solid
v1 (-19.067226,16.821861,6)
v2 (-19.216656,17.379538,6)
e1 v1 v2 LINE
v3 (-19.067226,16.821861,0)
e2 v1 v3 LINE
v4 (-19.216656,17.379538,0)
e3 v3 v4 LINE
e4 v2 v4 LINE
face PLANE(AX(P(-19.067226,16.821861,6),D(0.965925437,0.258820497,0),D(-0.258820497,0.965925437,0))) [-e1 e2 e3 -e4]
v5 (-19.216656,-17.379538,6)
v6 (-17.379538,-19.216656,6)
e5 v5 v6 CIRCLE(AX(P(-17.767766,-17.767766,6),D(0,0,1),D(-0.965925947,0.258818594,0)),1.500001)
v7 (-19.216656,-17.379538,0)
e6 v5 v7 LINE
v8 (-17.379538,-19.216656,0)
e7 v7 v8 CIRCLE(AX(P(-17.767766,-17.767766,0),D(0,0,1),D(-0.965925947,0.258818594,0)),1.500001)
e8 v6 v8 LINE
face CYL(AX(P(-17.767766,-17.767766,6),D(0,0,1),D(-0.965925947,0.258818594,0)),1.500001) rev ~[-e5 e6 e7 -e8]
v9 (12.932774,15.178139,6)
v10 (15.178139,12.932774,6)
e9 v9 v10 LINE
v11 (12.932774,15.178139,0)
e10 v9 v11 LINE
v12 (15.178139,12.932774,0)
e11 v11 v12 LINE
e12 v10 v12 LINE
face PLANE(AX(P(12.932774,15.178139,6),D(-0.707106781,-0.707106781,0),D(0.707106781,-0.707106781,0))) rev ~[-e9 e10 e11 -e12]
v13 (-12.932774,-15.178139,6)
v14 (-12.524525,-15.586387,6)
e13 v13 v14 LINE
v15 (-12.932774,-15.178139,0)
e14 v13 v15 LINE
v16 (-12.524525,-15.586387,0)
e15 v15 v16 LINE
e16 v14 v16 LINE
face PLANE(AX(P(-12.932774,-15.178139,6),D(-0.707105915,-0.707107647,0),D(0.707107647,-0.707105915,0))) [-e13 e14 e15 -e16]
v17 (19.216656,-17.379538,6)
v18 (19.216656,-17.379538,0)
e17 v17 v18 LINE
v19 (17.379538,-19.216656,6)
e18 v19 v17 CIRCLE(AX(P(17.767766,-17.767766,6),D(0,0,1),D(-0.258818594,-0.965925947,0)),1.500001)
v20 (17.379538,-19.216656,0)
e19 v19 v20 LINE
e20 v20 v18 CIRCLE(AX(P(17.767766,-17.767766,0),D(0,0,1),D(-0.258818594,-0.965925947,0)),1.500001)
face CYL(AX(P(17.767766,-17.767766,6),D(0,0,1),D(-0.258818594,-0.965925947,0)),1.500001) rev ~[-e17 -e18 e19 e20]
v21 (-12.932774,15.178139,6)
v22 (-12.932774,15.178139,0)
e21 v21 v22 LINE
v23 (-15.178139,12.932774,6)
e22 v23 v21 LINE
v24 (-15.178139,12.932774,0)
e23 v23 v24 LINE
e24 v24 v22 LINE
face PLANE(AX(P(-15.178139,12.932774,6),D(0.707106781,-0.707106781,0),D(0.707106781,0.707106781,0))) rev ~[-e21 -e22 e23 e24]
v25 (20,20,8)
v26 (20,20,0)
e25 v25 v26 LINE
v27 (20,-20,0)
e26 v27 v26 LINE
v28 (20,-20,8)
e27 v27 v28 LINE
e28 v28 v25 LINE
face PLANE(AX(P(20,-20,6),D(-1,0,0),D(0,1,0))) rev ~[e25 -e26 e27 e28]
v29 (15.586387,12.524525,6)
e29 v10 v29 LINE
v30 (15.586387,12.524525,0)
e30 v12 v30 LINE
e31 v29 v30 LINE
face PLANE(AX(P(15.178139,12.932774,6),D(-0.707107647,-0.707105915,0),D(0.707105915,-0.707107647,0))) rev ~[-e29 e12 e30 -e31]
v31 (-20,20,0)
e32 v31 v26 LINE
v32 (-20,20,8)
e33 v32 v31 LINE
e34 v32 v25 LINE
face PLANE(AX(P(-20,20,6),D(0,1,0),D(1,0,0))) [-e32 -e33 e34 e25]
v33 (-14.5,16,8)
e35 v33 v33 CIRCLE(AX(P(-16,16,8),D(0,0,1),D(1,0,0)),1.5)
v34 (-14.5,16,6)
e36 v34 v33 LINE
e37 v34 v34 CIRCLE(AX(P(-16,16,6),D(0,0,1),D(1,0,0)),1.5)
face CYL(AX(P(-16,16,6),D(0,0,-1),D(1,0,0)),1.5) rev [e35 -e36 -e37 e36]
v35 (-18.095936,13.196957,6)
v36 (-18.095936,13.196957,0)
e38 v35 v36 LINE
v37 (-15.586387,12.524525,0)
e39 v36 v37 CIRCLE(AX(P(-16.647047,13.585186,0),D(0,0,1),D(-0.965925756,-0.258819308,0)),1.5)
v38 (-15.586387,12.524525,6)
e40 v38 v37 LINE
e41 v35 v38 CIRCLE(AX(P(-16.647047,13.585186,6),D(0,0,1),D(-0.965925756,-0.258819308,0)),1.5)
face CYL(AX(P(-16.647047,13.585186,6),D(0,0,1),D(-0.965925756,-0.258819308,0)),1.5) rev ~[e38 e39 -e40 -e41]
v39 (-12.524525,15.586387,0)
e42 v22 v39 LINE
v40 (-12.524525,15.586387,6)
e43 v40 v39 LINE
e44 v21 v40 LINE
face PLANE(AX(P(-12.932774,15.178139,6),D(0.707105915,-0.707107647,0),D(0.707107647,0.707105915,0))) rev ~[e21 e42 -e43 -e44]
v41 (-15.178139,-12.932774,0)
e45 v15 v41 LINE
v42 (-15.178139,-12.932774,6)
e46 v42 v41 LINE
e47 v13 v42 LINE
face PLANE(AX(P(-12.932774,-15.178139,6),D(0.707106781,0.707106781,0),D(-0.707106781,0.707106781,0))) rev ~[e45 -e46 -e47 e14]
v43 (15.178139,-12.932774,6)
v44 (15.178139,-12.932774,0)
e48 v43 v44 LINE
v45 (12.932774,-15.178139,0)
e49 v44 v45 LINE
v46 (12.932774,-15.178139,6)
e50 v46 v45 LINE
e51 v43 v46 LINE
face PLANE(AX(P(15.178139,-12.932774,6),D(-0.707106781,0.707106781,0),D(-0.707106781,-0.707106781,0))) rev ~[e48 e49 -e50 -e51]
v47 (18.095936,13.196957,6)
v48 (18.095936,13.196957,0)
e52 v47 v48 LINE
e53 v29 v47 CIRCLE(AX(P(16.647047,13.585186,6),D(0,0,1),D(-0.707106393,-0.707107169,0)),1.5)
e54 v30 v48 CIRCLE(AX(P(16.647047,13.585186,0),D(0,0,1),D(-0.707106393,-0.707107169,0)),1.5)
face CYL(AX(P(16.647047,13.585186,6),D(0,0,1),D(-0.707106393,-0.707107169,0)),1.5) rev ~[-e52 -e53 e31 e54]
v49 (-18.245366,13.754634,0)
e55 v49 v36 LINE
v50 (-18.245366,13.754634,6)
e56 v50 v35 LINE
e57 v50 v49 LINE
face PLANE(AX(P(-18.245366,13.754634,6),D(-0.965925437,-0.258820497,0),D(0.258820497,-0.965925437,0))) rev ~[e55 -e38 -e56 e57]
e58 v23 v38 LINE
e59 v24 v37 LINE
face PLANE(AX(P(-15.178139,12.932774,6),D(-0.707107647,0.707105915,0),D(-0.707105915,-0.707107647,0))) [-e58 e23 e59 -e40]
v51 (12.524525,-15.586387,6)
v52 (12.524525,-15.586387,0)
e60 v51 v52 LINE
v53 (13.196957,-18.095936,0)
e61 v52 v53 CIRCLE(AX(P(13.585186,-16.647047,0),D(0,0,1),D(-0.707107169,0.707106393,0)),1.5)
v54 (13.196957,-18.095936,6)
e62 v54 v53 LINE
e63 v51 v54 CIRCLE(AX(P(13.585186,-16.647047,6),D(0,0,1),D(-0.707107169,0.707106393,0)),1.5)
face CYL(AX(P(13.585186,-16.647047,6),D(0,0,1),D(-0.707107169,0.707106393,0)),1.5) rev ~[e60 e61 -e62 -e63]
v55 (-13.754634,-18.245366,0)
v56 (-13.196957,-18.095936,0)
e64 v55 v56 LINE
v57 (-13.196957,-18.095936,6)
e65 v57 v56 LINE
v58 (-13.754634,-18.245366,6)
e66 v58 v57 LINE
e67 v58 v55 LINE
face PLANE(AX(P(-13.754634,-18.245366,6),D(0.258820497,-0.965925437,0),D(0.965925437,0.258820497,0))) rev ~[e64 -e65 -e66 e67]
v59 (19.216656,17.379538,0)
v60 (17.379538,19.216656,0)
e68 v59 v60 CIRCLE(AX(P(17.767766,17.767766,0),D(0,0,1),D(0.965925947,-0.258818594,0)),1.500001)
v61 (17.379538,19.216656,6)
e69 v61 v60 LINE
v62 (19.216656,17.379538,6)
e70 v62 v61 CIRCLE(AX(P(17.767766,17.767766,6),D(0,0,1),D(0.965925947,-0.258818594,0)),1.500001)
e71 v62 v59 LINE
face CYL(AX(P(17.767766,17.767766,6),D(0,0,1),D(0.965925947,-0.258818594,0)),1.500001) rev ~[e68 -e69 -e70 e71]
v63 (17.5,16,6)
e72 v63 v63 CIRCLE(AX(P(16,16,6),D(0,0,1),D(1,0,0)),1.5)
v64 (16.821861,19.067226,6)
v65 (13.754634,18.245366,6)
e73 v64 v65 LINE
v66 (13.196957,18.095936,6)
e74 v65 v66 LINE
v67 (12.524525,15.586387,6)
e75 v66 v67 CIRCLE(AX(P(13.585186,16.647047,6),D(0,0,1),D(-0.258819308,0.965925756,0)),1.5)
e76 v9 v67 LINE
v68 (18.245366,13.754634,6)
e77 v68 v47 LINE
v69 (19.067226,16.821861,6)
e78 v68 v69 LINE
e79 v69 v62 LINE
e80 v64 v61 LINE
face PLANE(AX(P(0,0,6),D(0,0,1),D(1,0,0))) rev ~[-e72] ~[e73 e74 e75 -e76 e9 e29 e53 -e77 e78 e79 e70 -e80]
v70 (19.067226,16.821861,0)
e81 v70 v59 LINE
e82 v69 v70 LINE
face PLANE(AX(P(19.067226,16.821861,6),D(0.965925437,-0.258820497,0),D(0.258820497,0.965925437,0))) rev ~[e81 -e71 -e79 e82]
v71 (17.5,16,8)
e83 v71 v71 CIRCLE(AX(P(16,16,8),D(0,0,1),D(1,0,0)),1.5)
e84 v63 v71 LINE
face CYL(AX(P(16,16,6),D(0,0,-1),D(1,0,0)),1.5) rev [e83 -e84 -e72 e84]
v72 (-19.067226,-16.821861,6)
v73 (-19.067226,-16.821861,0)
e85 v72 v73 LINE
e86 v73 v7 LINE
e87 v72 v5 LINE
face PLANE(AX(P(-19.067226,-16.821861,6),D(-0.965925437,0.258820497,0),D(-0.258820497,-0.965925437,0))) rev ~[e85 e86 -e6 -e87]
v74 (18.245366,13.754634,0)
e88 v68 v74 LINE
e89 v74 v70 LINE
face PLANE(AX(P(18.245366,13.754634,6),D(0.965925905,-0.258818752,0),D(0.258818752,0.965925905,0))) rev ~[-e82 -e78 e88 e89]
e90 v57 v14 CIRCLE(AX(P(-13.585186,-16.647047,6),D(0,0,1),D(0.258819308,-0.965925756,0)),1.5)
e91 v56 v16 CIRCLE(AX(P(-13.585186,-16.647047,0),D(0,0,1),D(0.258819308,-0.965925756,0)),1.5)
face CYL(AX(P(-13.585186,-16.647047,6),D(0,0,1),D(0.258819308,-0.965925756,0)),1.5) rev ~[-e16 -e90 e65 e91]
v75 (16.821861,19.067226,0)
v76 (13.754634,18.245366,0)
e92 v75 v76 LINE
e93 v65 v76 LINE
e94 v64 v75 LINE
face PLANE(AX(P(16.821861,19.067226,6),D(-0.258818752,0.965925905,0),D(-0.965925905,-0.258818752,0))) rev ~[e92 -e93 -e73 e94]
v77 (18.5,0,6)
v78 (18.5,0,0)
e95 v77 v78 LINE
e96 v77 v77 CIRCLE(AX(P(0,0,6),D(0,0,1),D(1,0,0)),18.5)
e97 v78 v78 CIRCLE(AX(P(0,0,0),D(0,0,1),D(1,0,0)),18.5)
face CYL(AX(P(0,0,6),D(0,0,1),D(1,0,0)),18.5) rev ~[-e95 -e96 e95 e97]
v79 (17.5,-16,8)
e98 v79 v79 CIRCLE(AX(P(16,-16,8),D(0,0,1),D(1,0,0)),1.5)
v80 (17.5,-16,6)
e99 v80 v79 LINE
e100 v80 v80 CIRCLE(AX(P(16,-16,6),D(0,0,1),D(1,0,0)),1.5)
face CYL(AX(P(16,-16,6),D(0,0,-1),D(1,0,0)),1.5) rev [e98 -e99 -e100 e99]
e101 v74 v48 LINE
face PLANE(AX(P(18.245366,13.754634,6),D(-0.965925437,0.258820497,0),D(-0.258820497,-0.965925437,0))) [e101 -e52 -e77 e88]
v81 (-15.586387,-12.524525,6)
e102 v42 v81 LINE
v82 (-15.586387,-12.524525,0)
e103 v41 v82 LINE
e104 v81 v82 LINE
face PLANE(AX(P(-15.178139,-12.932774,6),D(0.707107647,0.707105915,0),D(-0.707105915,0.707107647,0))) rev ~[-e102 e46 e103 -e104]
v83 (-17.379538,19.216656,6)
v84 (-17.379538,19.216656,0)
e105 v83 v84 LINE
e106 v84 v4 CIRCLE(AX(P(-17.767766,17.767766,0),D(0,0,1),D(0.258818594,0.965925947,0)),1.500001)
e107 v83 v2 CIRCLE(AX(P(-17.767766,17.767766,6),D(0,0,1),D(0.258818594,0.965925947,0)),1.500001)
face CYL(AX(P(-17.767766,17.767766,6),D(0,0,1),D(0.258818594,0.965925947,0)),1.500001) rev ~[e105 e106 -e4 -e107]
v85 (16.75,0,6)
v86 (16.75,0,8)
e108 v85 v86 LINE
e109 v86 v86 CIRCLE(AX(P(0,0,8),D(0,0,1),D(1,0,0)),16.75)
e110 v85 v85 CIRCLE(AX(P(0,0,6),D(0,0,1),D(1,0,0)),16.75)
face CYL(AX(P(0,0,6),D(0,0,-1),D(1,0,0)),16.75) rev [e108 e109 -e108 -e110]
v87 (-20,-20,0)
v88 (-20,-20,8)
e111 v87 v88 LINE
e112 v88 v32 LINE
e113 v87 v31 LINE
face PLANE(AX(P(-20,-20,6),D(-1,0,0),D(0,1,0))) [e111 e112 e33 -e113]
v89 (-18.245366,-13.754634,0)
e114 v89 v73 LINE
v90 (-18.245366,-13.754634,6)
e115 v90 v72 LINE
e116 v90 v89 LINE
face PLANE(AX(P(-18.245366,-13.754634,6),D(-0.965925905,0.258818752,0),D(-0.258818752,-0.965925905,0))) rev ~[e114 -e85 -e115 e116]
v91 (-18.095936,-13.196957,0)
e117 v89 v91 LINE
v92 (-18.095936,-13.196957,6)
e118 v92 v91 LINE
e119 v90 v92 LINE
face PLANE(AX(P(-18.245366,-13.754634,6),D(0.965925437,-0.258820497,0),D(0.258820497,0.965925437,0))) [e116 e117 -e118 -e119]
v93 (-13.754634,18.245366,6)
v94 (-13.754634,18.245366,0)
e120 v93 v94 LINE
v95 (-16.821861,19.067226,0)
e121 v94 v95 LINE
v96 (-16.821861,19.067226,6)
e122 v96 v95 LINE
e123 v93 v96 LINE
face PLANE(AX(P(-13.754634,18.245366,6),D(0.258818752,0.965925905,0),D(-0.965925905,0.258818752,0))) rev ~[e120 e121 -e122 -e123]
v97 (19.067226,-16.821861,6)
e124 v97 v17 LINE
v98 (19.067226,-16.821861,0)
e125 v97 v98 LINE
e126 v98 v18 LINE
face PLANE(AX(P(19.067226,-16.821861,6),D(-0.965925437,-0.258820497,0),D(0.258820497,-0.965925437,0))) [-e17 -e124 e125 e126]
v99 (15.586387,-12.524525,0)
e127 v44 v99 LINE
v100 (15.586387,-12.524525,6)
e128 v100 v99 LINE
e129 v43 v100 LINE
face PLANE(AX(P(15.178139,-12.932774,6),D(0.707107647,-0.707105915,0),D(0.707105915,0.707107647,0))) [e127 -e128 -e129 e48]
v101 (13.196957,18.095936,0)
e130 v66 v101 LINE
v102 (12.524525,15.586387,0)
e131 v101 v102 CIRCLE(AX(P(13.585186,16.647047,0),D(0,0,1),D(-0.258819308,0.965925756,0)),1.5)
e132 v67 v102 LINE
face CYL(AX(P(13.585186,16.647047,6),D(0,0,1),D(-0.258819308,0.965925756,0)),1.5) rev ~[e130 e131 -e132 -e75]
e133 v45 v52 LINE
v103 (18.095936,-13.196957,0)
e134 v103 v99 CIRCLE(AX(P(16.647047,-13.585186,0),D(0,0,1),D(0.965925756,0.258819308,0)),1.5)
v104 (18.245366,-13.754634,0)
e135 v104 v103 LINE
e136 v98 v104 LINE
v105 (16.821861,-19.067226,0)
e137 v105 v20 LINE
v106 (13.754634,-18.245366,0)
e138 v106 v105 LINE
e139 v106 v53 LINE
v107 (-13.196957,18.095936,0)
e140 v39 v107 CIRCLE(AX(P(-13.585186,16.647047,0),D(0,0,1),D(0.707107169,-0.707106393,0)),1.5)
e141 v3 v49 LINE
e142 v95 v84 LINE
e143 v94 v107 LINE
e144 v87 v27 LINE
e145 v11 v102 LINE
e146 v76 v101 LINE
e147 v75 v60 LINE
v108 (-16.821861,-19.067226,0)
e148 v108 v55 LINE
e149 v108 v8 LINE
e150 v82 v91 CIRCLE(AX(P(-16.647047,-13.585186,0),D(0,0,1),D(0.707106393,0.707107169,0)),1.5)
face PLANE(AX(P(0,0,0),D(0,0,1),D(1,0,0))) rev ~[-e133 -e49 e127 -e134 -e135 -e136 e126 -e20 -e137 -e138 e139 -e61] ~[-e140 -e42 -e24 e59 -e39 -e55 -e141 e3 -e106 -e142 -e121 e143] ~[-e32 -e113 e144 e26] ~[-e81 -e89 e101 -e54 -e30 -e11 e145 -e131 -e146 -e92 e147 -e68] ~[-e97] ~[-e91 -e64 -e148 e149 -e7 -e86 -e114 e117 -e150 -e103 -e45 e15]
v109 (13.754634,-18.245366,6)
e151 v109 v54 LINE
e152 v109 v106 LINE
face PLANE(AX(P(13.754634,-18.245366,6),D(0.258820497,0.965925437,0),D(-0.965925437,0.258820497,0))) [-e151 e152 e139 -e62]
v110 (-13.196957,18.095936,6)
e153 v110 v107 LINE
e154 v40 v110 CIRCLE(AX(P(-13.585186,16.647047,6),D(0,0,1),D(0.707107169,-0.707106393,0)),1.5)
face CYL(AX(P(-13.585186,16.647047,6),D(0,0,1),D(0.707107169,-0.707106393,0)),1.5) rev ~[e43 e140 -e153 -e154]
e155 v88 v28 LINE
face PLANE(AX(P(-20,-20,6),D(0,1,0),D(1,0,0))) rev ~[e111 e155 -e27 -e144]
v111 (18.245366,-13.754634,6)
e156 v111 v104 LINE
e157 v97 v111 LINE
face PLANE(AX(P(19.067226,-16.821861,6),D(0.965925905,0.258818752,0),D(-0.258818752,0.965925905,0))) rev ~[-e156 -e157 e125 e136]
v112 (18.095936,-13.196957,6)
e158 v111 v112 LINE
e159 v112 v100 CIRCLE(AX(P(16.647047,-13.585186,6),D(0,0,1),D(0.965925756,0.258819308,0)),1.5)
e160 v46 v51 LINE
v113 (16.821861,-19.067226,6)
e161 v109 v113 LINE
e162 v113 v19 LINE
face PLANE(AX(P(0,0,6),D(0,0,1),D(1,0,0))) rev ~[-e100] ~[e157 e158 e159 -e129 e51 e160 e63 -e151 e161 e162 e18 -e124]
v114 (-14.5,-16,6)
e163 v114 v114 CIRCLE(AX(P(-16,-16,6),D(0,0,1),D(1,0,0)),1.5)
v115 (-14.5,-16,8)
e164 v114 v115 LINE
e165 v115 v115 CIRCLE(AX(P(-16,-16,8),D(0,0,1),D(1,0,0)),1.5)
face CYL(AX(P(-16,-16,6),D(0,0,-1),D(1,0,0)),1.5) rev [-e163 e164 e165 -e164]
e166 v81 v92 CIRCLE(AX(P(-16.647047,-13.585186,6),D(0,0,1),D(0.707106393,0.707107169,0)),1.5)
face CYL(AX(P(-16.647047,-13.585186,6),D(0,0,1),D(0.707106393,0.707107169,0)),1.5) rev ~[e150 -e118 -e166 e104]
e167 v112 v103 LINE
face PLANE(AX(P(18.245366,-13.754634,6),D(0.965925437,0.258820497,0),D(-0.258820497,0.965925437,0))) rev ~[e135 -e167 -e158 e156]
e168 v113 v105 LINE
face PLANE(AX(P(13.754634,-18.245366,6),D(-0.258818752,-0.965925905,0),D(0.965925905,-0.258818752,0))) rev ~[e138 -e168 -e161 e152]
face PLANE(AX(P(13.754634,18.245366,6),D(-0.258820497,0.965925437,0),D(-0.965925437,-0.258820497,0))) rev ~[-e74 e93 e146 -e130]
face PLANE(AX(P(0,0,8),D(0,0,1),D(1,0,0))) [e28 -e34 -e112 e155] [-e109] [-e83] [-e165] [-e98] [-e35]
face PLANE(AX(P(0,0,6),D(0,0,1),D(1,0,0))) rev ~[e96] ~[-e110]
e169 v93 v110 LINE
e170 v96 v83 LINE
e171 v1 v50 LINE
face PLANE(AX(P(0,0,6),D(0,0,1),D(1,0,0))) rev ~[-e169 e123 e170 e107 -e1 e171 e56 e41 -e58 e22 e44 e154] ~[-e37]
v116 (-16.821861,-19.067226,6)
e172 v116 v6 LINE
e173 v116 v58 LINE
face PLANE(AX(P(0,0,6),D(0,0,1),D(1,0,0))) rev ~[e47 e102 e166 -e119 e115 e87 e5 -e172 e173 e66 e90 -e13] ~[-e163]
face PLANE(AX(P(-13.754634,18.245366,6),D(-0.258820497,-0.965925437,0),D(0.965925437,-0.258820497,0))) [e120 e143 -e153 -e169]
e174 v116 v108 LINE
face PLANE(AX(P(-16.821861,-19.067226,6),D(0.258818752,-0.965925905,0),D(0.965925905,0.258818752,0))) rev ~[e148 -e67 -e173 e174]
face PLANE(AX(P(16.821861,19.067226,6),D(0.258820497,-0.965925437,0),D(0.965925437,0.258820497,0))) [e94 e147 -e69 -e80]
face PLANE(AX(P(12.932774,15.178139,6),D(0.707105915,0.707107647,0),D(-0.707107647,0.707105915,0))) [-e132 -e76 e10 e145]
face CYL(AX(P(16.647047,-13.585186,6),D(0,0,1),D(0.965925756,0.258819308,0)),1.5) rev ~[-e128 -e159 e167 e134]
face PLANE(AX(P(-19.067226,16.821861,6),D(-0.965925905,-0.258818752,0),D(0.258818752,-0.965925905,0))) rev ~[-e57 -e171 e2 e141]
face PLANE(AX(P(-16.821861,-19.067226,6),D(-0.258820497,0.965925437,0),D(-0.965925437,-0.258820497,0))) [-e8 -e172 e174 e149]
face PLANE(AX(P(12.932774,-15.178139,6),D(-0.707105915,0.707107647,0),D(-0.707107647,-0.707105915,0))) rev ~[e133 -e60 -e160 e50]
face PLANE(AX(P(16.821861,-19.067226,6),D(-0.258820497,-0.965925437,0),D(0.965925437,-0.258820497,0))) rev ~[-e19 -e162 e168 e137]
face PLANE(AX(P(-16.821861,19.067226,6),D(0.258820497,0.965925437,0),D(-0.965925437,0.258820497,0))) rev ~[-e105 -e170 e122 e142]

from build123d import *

# Parameters (mm, degrees)
SKETCH_W        = 40
SKETCH_H        = 40
PAD_DEPTH       = 6
POCKET_DEPTH    = 6.001
SKETCH006_R     = 18.5
POCKET001_DEPTH = 6.001
SKETCH007_W     = 40
SKETCH007_H     = 40
SKETCH007_R     = 16.75
SKETCH007_R_2   = 1.5
PAD001_DEPTH    = 2


with BuildPart() as part:
    # Sketch → Pad (new body)
    with BuildSketch(Plane.XY):
        Rectangle(SKETCH_W, SKETCH_H)
    extrude(amount=PAD_DEPTH)

    # Sketch004 (on Face6 of Pad) → Pocket (cut, through all)
    with BuildSketch(Plane.XY.offset(6)):
        with BuildLine():
            Line((12.932774, 15.178139), (15.178139, 12.932774))
            Line((15.178139, 12.932774), (15.586387, 12.524525))
            ThreePointArc((15.586387, 12.524525), (17.035276, 12.136297), (18.095936, 13.196957))
            Line((18.245366, 13.754634), (18.095936, 13.196957))
            Line((18.245366, 13.754634), (19.067226, 16.821861))
            Line((19.067226, 16.821861), (19.216656, 17.379538))
            ThreePointArc((19.216656, 17.379538), (18.828427, 18.828427), (17.379538, 19.216656))
            Line((16.821861, 19.067226), (17.379538, 19.216656))
            Line((16.821861, 19.067226), (13.754634, 18.245366))
            Line((13.754634, 18.245366), (13.196957, 18.095936))
            ThreePointArc((13.196957, 18.095936), (12.136297, 17.035276), (12.524525, 15.586387))
            Line((12.932774, 15.178139), (12.524525, 15.586387))
        make_face()
        with BuildLine():
            Line((13.754634, -18.245366), (16.821861, -19.067226))
            Line((16.821861, -19.067226), (17.379538, -19.216656))
            ThreePointArc((17.379538, -19.216656), (18.828427, -18.828427), (19.216656, -17.379538))
            Line((19.067226, -16.821861), (19.216656, -17.379538))
            Line((19.067226, -16.821861), (18.245366, -13.754634))
            Line((18.245366, -13.754634), (18.095936, -13.196957))
            ThreePointArc((18.095936, -13.196957), (17.035276, -12.136297), (15.586387, -12.524525))
            Line((15.178139, -12.932774), (15.586387, -12.524525))
            Line((15.178139, -12.932774), (12.932774, -15.178139))
            Line((12.932774, -15.178139), (12.524525, -15.586387))
            ThreePointArc((12.524525, -15.586387), (12.136297, -17.035276), (13.196957, -18.095936))
            Line((13.754634, -18.245366), (13.196957, -18.095936))
        make_face()
        with BuildLine():
            Line((-13.754634, 18.245366), (-16.821861, 19.067226))
            Line((-16.821861, 19.067226), (-17.379538, 19.216656))
            ThreePointArc((-17.379538, 19.216656), (-18.828427, 18.828427), (-19.216656, 17.379538))
            Line((-19.067226, 16.821861), (-19.216656, 17.379538))
            Line((-19.067226, 16.821861), (-18.245366, 13.754634))
            Line((-18.245366, 13.754634), (-18.095936, 13.196957))
            ThreePointArc((-18.095936, 13.196957), (-17.035276, 12.136297), (-15.586387, 12.524525))
            Line((-15.178139, 12.932774), (-15.586387, 12.524525))
            Line((-15.178139, 12.932774), (-12.932774, 15.178139))
            Line((-12.932774, 15.178139), (-12.524525, 15.586387))
            ThreePointArc((-12.524525, 15.586387), (-12.136297, 17.035276), (-13.196957, 18.095936))
            Line((-13.754634, 18.245366), (-13.196957, 18.095936))
        make_face()
        with BuildLine():
            Line((-12.932774, -15.178139), (-15.178139, -12.932774))
            Line((-15.178139, -12.932774), (-15.586387, -12.524525))
            ThreePointArc((-15.586387, -12.524525), (-17.035276, -12.136297), (-18.095936, -13.196957))
            Line((-18.245366, -13.754634), (-18.095936, -13.196957))
            Line((-18.245366, -13.754634), (-19.067226, -16.821861))
            Line((-19.067226, -16.821861), (-19.216656, -17.379538))
            ThreePointArc((-19.216656, -17.379538), (-18.828427, -18.828427), (-17.379538, -19.216656))
            Line((-16.821861, -19.067226), (-17.379538, -19.216656))
            Line((-16.821861, -19.067226), (-13.754634, -18.245366))
            Line((-13.754634, -18.245366), (-13.196957, -18.095936))
            ThreePointArc((-13.196957, -18.095936), (-12.136297, -17.035276), (-12.524525, -15.586387))
            Line((-12.932774, -15.178139), (-12.524525, -15.586387))
        make_face()
    extrude(amount=-POCKET_DEPTH, mode=Mode.SUBTRACT)

    # Sketch006 (on Face5 of Pocket) → Pocket001 (cut, through all)
    with BuildSketch(Plane.XY.offset(6)):
        Circle(SKETCH006_R)
    extrude(amount=-POCKET001_DEPTH, mode=Mode.SUBTRACT)

    # Sketch007 (on Face5 of Pocket001) → Pad001 (join)
    with BuildSketch(Plane.XY.offset(6)):
        Rectangle(SKETCH007_W, SKETCH007_H)
        Circle(SKETCH007_R, mode=Mode.SUBTRACT)
        with Locations((-16, 16)):
            Circle(SKETCH007_R_2, mode=Mode.SUBTRACT)
        with Locations((16, 16)):
            Circle(SKETCH007_R_2, mode=Mode.SUBTRACT)
        with Locations((16, -16)):
            Circle(SKETCH007_R_2, mode=Mode.SUBTRACT)
        with Locations((-16, -16)):
            Circle(SKETCH007_R_2, mode=Mode.SUBTRACT)
    extrude(amount=PAD001_DEPTH)


solid = part.part
